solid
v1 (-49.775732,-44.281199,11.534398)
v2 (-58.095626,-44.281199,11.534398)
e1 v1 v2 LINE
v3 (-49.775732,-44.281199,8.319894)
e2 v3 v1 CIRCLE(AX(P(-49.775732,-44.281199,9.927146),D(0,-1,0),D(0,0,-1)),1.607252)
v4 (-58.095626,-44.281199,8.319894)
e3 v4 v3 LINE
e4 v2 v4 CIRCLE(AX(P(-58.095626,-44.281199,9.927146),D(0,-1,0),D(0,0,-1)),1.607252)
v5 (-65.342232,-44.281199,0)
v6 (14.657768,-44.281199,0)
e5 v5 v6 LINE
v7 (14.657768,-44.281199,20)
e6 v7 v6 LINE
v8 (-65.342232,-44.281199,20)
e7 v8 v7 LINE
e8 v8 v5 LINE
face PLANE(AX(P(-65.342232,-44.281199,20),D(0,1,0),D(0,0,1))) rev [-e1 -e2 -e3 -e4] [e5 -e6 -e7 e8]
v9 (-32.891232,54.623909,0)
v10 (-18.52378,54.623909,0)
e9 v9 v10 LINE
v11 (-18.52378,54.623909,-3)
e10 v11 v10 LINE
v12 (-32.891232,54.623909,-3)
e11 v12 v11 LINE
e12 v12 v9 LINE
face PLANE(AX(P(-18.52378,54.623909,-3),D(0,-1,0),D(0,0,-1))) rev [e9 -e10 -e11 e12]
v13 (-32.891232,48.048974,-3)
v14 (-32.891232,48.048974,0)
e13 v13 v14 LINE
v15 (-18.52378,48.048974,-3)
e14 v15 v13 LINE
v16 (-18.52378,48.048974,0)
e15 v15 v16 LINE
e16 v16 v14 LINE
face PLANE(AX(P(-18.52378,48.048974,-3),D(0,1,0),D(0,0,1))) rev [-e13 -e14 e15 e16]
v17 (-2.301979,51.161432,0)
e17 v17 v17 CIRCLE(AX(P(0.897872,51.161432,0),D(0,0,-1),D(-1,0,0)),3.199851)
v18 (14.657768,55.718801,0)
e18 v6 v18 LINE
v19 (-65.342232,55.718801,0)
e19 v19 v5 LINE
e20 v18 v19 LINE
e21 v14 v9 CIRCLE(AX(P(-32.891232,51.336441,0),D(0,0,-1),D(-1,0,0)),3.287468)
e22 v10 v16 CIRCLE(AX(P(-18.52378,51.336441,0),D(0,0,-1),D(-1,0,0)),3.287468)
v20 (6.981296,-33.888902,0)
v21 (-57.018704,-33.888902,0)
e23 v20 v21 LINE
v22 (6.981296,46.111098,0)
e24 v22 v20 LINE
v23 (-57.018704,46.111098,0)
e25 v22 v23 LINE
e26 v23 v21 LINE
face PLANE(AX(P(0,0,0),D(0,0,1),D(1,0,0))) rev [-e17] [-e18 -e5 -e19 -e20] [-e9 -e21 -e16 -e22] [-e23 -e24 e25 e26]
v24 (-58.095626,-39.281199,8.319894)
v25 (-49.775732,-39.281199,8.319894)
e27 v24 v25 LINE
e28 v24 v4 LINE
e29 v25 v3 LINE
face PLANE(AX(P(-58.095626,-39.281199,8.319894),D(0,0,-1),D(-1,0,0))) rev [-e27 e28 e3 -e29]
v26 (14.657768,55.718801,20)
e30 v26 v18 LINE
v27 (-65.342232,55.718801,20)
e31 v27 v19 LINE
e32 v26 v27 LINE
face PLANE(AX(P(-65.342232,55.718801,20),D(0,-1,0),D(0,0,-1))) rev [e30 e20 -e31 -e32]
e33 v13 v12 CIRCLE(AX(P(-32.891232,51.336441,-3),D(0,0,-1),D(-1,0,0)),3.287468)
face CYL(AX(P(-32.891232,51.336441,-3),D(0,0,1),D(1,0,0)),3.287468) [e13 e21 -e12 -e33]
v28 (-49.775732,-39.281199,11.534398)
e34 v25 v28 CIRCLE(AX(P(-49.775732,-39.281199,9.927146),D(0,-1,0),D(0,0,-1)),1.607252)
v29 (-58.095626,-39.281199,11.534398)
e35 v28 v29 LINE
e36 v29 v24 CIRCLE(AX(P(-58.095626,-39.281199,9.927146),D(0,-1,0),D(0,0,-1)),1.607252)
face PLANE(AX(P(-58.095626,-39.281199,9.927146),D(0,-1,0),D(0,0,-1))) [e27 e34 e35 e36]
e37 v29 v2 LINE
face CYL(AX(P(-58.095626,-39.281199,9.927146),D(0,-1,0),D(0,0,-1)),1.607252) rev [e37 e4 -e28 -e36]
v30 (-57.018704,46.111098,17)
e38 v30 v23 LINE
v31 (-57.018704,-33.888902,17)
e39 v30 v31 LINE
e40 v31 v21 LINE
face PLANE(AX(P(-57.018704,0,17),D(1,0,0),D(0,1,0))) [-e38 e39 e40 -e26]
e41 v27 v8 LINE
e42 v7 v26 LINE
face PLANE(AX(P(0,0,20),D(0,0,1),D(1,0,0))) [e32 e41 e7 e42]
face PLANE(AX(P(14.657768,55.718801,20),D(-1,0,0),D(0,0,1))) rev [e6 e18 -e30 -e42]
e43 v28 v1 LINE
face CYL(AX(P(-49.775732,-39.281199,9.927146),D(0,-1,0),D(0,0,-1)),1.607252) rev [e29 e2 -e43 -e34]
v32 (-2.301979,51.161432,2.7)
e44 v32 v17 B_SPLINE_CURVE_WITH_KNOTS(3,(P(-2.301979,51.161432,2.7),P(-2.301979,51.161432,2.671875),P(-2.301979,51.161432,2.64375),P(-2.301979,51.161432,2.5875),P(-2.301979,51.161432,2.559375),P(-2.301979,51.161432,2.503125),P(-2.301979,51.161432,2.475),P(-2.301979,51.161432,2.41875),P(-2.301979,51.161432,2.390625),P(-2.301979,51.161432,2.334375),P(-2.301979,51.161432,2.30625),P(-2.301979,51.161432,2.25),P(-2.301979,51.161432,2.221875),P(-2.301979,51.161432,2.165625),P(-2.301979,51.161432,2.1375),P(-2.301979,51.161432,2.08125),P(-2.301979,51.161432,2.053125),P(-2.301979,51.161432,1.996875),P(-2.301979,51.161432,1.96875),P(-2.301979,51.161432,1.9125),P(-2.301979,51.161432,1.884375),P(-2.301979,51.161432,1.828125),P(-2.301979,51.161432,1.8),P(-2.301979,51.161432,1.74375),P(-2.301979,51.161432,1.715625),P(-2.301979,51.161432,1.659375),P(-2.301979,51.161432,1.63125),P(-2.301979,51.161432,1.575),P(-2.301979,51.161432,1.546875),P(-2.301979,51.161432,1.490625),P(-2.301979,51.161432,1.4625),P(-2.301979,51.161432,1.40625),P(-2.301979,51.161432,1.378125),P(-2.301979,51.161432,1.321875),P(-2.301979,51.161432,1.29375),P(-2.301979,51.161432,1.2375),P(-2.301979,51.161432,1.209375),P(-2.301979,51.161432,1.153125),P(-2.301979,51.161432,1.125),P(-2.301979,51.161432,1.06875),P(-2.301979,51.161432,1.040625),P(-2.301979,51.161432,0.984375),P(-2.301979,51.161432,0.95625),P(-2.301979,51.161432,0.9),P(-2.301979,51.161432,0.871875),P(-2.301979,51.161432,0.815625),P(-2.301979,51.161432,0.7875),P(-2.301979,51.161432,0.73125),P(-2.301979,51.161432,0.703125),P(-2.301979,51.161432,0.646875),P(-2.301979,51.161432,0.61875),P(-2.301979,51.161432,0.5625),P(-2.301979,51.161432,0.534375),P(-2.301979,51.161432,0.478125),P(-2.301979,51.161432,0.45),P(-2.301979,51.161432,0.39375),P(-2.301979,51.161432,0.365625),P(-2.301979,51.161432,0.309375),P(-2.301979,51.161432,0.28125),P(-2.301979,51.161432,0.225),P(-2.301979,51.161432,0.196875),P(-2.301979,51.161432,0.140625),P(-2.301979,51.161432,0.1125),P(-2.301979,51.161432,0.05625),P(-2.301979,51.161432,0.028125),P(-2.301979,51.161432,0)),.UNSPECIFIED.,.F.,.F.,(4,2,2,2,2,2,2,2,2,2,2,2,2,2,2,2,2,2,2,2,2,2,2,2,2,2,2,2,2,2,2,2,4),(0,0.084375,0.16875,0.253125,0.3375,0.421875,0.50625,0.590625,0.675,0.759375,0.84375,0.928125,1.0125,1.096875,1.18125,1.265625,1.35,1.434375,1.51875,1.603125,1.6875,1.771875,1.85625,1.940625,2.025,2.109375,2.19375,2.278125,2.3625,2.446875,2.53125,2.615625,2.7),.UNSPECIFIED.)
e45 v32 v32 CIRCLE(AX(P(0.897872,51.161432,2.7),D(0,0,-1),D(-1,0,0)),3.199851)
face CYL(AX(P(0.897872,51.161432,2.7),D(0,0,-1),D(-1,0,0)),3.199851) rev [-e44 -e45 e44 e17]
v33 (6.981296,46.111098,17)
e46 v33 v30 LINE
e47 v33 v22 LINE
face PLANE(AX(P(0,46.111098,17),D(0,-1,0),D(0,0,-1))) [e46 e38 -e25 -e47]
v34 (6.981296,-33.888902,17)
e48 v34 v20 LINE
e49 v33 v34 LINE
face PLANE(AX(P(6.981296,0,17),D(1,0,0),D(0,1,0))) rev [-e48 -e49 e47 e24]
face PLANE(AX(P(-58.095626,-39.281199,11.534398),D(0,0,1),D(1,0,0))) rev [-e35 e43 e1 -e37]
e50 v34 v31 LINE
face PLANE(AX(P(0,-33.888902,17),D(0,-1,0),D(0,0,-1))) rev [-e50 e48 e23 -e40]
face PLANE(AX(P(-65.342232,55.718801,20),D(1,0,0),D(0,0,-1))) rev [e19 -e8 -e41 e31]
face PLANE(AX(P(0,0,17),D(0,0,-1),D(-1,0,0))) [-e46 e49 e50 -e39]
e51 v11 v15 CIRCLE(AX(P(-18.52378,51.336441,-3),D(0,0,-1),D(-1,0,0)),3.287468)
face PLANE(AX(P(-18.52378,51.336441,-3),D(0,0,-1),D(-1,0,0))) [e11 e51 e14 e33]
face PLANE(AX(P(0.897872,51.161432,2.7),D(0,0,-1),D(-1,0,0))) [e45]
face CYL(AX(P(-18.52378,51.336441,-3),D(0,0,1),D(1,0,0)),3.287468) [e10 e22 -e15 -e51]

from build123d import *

# Parameters (mm, degrees)
SKETCH1_W           = 80
SKETCH1_H           = 100
BOSS_EXTRUDE1_DEPTH = 20
SKETCH2_W           = 64
SKETCH2_H           = 80
CUT_EXTRUDE1_DEPTH  = 17
BOSS_EXTRUDE2_DEPTH = 3
SKETCH5_R           = 3.199851011
CUT_EXTRUDE2_DEPTH  = 2.7
CUT_EXTRUDE3_DEPTH  = 5


with BuildPart() as part:
    # Sketch1 → Boss-Extrude1 (new body)
    with BuildSketch(Plane.XY):
        with Locations((-25.342231874, 5.71880103)):
            Rectangle(SKETCH1_W, SKETCH1_H)
    extrude(amount=BOSS_EXTRUDE1_DEPTH)

    # Sketch2 → Cut-Extrude1 (cut)
    with BuildSketch(Plane(origin=(0, 0, 0), x_dir=(-1, 0, 0), z_dir=(0, 0, -1))):
        with Locations((25.018703927, 6.11109777)):
            Rectangle(SKETCH2_W, SKETCH2_H)
    extrude(amount=-CUT_EXTRUDE1_DEPTH, mode=Mode.SUBTRACT)

    # Sketch3 → Boss-Extrude2 (add)
    with BuildSketch(Plane(origin=(0, 0, 0), x_dir=(-1, 0, 0), z_dir=(0, 0, -1))):
        with BuildLine():
            Line((18.523780304, 54.623908994), (32.891231828, 54.623908994))
            ThreePointArc((32.891231828, 54.623908994), (36.178699549, 51.336441272), (32.891231828, 48.048973551))
            Line((32.891231828, 48.048973551), (18.523780304, 48.048973551))
            ThreePointArc((18.523780304, 48.048973551), (15.236312582, 51.336441272), (18.523780304, 54.623908994))
        make_face()
    extrude(amount=BOSS_EXTRUDE2_DEPTH)

    # Sketch5 → Cut-Extrude2 (cut)
    with BuildSketch(Plane(origin=(0, 0, 0), x_dir=(-1, 0, 0), z_dir=(0, 0, -1))):
        with Locations((-0.897871535, 51.161432221)):
            Circle(SKETCH5_R)
    extrude(amount=-CUT_EXTRUDE2_DEPTH, mode=Mode.SUBTRACT)

    # Sketch8 → Cut-Extrude3 (cut)
    with BuildSketch(Plane.XZ.offset(44.28119897)):
        with BuildLine():
            Line((-58.0956261, 11.534398485), (-49.77573211, 11.534398485))
            ThreePointArc((-49.77573211, 11.534398485), (-48.168479863, 9.927146237), (-49.77573211, 8.319893989))
            Line((-49.77573211, 8.319893989), (-58.0956261, 8.319893989))
            ThreePointArc((-58.0956261, 8.319893989), (-59.702878348, 9.927146237), (-58.0956261, 11.534398485))
        make_face()
    extrude(amount=-CUT_EXTRUDE3_DEPTH, mode=Mode.SUBTRACT)


solid = part.part
